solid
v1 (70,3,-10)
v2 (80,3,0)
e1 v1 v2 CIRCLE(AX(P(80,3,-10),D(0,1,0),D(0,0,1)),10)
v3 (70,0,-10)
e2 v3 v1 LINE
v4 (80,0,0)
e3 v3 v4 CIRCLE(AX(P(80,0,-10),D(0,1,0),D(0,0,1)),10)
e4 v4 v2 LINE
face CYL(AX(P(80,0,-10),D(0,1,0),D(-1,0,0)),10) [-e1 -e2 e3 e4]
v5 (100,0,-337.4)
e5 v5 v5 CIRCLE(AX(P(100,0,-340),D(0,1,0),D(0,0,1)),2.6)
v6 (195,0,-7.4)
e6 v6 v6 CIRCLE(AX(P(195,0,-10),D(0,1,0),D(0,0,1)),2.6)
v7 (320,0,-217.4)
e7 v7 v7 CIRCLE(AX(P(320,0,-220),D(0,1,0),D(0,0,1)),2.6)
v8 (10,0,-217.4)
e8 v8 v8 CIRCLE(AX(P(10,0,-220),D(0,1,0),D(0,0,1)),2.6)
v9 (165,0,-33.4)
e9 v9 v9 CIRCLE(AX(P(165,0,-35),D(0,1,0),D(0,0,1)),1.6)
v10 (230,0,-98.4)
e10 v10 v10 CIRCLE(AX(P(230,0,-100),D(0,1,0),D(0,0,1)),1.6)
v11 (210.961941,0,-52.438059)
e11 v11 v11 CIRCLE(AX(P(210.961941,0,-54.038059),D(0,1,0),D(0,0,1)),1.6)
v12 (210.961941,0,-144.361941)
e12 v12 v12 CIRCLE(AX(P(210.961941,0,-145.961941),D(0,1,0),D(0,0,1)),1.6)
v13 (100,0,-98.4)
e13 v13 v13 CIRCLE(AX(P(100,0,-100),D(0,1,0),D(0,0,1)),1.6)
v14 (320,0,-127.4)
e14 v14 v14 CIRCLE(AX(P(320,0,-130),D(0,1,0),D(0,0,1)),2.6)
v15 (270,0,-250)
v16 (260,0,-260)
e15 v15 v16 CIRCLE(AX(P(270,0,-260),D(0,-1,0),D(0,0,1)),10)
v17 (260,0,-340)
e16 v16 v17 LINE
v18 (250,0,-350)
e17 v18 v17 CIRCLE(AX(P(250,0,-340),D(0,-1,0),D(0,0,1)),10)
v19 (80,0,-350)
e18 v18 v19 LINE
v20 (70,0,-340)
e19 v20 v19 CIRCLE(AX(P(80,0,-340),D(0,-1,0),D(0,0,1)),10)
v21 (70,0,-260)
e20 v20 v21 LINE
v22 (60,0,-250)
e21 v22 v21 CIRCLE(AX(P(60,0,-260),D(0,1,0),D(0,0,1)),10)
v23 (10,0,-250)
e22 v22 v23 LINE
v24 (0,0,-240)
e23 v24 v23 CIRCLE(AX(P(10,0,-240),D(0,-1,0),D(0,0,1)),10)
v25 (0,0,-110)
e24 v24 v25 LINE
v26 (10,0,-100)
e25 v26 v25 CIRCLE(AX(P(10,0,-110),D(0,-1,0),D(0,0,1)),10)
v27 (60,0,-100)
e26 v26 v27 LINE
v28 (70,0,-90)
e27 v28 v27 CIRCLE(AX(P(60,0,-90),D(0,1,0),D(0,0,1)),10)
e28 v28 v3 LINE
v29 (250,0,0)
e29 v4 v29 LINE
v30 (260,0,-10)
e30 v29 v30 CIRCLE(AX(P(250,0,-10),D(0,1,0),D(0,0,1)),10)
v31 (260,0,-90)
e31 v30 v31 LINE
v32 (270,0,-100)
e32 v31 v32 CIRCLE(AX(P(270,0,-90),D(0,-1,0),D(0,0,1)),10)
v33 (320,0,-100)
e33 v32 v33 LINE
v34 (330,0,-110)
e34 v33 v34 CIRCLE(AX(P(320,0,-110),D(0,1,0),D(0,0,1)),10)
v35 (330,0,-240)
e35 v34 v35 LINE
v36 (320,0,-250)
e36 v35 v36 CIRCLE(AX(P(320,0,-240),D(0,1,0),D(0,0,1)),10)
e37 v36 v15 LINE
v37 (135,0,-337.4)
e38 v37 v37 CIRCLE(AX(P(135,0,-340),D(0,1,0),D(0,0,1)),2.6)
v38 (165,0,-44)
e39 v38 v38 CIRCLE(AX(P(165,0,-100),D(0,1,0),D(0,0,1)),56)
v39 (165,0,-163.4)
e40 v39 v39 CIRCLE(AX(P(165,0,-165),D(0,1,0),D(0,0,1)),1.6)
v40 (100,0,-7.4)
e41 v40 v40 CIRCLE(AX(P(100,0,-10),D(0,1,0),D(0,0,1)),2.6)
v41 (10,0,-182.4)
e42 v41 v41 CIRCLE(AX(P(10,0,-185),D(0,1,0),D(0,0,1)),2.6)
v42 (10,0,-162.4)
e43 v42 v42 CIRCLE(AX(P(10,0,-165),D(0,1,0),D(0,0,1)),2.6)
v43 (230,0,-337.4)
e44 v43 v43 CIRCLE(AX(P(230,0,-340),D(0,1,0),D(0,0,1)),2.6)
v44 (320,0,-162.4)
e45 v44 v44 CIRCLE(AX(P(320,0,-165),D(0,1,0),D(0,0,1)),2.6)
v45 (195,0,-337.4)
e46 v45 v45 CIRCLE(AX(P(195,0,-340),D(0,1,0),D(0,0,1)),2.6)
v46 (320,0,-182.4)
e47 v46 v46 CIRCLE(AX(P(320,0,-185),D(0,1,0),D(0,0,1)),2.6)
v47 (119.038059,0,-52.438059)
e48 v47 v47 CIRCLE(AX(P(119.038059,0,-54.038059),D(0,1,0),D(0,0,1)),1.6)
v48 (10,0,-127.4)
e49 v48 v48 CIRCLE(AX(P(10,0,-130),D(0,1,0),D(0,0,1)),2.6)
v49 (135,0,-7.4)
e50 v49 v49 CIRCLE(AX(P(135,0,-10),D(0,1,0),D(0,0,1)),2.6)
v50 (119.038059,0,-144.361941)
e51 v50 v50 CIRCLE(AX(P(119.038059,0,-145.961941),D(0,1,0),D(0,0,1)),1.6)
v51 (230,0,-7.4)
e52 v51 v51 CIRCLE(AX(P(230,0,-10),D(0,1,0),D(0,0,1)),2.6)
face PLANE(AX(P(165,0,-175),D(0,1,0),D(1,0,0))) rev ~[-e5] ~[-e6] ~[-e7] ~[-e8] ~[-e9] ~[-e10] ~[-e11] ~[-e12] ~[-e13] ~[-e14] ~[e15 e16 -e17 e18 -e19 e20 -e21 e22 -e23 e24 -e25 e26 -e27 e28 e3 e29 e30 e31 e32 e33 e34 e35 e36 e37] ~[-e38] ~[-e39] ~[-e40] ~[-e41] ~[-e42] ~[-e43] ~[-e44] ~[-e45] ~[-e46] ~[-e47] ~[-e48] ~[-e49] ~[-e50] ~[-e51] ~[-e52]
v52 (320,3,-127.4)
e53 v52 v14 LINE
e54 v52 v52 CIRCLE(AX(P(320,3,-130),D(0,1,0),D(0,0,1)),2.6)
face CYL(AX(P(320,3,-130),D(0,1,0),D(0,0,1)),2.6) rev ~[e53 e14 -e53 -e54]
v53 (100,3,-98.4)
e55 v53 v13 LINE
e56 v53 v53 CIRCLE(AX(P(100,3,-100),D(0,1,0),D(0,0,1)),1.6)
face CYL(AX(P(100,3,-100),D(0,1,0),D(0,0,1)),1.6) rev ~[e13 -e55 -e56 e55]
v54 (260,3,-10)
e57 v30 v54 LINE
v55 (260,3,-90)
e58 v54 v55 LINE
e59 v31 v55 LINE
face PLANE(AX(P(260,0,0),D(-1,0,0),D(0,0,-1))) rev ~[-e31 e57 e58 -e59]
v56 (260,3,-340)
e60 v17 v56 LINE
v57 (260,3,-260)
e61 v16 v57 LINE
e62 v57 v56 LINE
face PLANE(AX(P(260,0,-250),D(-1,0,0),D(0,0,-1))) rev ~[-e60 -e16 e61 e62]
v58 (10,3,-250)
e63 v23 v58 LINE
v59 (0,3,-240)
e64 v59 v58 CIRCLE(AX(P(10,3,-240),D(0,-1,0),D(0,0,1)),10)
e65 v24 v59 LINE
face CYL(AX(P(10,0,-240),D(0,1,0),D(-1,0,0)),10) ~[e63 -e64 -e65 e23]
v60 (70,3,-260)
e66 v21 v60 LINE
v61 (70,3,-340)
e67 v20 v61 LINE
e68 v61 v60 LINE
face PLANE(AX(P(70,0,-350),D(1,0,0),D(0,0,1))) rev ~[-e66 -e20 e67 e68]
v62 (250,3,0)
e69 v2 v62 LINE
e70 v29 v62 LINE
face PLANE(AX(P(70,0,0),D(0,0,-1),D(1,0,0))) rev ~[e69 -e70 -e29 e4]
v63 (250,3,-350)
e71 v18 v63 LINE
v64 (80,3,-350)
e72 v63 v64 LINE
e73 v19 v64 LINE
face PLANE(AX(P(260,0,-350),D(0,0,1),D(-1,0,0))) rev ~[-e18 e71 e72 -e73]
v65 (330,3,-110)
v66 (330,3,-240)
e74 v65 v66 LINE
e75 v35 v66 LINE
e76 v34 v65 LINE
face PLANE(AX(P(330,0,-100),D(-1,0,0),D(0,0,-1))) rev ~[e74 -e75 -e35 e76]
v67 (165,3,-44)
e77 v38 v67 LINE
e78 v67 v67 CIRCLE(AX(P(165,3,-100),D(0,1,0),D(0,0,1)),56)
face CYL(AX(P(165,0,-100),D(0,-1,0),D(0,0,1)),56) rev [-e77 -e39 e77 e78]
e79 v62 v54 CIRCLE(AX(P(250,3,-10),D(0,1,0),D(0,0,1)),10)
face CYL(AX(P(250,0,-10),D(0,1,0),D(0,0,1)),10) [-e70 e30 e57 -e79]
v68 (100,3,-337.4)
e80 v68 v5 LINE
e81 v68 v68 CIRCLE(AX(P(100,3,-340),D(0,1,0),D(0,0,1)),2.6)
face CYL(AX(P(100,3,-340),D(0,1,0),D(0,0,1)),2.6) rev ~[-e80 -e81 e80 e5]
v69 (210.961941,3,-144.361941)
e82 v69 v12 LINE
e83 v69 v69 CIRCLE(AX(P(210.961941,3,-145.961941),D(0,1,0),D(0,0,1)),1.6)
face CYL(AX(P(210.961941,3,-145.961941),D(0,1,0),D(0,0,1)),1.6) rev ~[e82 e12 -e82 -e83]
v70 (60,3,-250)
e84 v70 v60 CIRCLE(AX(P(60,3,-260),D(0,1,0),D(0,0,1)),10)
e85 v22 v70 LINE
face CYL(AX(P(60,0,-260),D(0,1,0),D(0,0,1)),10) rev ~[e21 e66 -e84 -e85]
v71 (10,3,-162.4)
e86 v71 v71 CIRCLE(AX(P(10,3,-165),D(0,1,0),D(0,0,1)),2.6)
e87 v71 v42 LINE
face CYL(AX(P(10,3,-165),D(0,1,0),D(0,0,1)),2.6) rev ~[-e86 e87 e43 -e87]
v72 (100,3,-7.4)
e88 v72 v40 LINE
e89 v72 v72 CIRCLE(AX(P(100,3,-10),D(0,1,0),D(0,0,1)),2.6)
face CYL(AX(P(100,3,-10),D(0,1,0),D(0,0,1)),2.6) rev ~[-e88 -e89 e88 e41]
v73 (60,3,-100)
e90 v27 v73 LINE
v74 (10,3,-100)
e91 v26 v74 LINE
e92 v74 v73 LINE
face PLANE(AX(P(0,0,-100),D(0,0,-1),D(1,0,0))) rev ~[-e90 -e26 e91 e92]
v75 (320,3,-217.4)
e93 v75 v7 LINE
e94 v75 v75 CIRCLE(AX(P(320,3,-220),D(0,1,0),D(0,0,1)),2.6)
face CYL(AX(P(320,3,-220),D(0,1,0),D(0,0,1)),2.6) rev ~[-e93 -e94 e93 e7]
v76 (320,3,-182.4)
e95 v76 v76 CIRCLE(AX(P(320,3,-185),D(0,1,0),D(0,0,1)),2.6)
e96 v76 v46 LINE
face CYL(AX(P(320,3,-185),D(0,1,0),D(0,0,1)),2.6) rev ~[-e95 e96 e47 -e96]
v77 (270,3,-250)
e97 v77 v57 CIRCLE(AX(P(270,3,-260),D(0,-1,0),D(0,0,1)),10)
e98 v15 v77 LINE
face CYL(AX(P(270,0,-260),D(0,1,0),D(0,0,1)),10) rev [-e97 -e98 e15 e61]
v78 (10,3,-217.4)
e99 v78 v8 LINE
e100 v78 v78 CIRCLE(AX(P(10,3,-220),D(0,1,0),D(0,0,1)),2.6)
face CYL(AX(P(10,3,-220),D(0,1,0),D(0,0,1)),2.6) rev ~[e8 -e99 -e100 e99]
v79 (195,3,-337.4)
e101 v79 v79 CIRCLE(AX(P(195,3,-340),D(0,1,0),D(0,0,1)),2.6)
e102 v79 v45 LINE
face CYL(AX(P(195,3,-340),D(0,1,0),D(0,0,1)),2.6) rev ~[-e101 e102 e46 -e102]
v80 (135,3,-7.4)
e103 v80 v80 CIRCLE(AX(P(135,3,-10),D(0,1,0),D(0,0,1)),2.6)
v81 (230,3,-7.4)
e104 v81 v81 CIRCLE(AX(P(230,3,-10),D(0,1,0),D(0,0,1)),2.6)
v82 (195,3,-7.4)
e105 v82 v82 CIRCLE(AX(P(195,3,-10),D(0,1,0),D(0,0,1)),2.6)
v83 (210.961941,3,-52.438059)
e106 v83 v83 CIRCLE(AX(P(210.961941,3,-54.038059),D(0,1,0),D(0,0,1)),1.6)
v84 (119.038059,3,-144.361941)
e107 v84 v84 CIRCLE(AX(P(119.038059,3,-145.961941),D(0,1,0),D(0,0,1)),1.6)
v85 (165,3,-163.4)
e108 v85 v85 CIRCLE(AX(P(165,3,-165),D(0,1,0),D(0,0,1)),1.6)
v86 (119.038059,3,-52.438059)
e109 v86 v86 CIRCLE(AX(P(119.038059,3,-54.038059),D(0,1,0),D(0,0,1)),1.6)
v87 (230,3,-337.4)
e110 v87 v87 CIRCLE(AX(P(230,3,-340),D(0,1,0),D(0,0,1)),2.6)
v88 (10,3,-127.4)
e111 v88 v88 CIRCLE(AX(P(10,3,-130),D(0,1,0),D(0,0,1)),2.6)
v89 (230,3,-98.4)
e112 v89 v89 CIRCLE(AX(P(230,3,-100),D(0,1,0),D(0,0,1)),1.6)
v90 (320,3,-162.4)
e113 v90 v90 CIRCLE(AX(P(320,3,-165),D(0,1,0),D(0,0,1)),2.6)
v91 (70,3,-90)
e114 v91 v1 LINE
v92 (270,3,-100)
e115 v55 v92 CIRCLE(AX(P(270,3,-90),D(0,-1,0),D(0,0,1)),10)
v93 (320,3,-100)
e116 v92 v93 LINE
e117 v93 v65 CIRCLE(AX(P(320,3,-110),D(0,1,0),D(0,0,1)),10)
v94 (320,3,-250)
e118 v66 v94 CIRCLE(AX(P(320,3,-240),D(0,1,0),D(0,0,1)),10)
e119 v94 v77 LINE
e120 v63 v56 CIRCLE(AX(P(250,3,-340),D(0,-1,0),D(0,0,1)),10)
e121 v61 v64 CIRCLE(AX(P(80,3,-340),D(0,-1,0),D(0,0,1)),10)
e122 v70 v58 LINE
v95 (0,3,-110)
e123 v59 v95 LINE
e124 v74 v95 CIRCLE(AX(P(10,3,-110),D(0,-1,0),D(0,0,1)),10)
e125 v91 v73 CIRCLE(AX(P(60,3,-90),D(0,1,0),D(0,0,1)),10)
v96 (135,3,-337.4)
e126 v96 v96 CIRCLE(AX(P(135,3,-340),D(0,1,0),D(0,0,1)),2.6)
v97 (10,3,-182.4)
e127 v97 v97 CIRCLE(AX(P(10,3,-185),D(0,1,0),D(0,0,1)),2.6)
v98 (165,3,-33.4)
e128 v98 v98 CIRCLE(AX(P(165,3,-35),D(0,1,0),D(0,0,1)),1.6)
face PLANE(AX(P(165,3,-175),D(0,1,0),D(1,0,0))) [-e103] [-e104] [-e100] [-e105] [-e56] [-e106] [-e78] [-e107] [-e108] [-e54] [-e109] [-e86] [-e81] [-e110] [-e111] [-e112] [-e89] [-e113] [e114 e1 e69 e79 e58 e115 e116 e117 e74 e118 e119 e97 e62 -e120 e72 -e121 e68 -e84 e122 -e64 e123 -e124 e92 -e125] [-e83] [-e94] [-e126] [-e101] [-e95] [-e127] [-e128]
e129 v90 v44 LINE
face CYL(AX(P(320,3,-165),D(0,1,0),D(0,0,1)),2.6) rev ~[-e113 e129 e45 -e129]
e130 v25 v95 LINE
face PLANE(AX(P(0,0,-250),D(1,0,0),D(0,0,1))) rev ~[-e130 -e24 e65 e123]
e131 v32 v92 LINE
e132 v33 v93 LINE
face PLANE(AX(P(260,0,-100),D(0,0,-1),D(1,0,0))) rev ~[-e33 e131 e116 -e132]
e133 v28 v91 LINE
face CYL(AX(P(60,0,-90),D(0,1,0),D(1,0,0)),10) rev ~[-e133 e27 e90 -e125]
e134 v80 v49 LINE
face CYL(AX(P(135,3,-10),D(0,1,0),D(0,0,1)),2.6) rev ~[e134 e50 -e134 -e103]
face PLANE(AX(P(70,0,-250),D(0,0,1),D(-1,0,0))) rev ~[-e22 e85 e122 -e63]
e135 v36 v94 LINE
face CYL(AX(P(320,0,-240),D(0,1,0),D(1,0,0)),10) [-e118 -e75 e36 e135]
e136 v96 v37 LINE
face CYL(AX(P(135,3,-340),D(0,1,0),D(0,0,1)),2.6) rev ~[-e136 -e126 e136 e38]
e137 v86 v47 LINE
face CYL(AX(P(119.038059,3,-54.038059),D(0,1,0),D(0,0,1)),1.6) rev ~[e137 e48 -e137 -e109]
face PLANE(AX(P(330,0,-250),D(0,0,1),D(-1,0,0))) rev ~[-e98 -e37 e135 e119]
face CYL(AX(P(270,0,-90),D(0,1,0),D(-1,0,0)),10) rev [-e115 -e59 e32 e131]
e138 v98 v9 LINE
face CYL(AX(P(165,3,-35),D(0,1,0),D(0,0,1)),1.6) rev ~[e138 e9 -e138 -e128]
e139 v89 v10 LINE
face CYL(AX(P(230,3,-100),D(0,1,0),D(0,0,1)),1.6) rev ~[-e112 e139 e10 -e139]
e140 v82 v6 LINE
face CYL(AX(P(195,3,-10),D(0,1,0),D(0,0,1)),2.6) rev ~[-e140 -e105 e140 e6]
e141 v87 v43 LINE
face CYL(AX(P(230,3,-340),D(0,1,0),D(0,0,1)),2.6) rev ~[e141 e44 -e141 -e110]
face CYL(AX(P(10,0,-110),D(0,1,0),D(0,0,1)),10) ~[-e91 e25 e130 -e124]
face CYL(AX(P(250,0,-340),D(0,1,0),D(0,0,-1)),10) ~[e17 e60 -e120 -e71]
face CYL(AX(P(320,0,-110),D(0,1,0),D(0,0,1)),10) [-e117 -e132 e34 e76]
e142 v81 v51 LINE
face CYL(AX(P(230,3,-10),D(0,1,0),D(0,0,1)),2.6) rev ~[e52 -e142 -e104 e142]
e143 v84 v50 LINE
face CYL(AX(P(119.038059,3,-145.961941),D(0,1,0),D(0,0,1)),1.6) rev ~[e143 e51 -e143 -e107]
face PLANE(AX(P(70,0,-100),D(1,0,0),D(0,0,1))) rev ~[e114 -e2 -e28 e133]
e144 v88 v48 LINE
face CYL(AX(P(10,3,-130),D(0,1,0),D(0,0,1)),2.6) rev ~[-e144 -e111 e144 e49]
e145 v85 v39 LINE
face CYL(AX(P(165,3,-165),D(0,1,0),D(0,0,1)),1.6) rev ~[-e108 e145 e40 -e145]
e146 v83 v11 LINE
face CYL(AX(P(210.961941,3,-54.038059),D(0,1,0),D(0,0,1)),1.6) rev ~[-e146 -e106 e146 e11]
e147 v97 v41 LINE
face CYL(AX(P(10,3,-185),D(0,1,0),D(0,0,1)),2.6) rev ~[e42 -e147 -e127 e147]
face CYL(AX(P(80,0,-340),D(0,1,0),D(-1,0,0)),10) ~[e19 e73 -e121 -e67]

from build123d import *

# Parameters (mm, degrees)
SKETCH1_R           = 56
BOSS_EXTRUDE1_DEPTH = 3
FILLET1_R           = 10
SKETCH2_R           = 2.6
SKETCH2_R_2         = 1.6
CUT_EXTRUDE1_DEPTH  = 482.049893462


with BuildPart() as part:
    # Sketch1 → Boss-Extrude1 (new body)
    with BuildSketch(Plane(origin=(0, 0, 0), x_dir=(1, 0, 0), z_dir=(0, 1, 0))):
        Polygon((70, 100), (70, 0), (260, 0), (260, 100), (330, 100), (330, 250), (260, 250), (260, 350), (70, 350), (70, 250), (0, 250), (0, 100), align=None)
        with Locations(Location((165, 100, 0), (0, 0, 270))):
            Circle(SKETCH1_R, mode=Mode.SUBTRACT)
    extrude(amount=BOSS_EXTRUDE1_DEPTH)

    # Fillet1
    fillet1_edges = [part.edges().sort_by_distance(p)[0] for p in [
        (70, 1.5, 0),
        (70, 1.5, -100),
        (0, 1.5, -100),
        (0, 1.5, -250),
        (70, 1.5, -250),
        (70, 1.5, -350),
        (260, 1.5, -350),
        (260, 1.5, -250),
        (330, 1.5, -250),
        (330, 1.5, -100),
        (260, 1.5, -100),
        (260, 1.5, 0),
    ]]
    fillet(fillet1_edges, radius=FILLET1_R)

    # Sketch2 → Cut-Extrude1 (cut, through all)
    with BuildSketch(Plane(origin=(0, 3, 0), x_dir=(1, 0, 0), z_dir=(0, 1, 0))):
        with Locations(Location((100, 340, 0), (0, 0, 270))):
            Circle(SKETCH2_R)
        with Locations(Location((135, 340, 0), (0, 0, 270))):
            Circle(SKETCH2_R)
        with Locations(Location((195, 340, 0), (0, 0, 270))):
            Circle(SKETCH2_R)
        with Locations(Location((230, 340, 0), (0, 0, 270))):
            Circle(SKETCH2_R)
        with Locations(Location((10, 220, 0), (0, 0, 270))):
            Circle(SKETCH2_R)
        with Locations(Location((10, 185, 0), (0, 0, 270))):
            Circle(SKETCH2_R)
        with Locations(Location((10, 130, 0), (0, 0, 270))):
            Circle(SKETCH2_R)
        with Locations(Location((10, 165, 0), (0, 0, 270))):
            Circle(SKETCH2_R)
        with Locations(Location((100, 10, 0), (0, 0, 270))):
            Circle(SKETCH2_R)
        with Locations(Location((135, 10, 0), (0, 0, 270))):
            Circle(SKETCH2_R)
        with Locations(Location((195, 10, 0), (0, 0, 270))):
            Circle(SKETCH2_R)
        with Locations(Location((230, 10, 0), (0, 0, 270))):
            Circle(SKETCH2_R)
        with Locations(Location((320, 130, 0), (0, 0, 270))):
            Circle(SKETCH2_R)
        with Locations(Location((320, 165, 0), (0, 0, 270))):
            Circle(SKETCH2_R)
        with Locations(Location((320, 220, 0), (0, 0, 270))):
            Circle(SKETCH2_R)
        with Locations(Location((320, 185, 0), (0, 0, 270))):
            Circle(SKETCH2_R)
        with Locations(Location((165, 165, 0), (0, 0, 270))):
            Circle(SKETCH2_R_2)
        with Locations(Location((210.961940777, 145.961940777, 0), (0, 0, 270))):
            Circle(SKETCH2_R_2)
        with Locations(Location((230, 100, 0), (0, 0, 270))):
            Circle(SKETCH2_R_2)
        with Locations(Location((210.961940777, 54.038059223, 0), (0, 0, 270))):
            Circle(SKETCH2_R_2)
        with Locations(Location((165, 35, 0), (0, 0, 270))):
            Circle(SKETCH2_R_2)
        with Locations(Location((119.038059223, 54.038059223, 0), (0, 0, 270))):
            Circle(SKETCH2_R_2)
        with Locations(Location((100, 100, 0), (0, 0, 270))):
            Circle(SKETCH2_R_2)
        with Locations(Location((119.038059223, 145.961940777, 0), (0, 0, 270))):
            Circle(SKETCH2_R_2)
    extrude(amount=-CUT_EXTRUDE1_DEPTH, mode=Mode.SUBTRACT)


solid = part.part
